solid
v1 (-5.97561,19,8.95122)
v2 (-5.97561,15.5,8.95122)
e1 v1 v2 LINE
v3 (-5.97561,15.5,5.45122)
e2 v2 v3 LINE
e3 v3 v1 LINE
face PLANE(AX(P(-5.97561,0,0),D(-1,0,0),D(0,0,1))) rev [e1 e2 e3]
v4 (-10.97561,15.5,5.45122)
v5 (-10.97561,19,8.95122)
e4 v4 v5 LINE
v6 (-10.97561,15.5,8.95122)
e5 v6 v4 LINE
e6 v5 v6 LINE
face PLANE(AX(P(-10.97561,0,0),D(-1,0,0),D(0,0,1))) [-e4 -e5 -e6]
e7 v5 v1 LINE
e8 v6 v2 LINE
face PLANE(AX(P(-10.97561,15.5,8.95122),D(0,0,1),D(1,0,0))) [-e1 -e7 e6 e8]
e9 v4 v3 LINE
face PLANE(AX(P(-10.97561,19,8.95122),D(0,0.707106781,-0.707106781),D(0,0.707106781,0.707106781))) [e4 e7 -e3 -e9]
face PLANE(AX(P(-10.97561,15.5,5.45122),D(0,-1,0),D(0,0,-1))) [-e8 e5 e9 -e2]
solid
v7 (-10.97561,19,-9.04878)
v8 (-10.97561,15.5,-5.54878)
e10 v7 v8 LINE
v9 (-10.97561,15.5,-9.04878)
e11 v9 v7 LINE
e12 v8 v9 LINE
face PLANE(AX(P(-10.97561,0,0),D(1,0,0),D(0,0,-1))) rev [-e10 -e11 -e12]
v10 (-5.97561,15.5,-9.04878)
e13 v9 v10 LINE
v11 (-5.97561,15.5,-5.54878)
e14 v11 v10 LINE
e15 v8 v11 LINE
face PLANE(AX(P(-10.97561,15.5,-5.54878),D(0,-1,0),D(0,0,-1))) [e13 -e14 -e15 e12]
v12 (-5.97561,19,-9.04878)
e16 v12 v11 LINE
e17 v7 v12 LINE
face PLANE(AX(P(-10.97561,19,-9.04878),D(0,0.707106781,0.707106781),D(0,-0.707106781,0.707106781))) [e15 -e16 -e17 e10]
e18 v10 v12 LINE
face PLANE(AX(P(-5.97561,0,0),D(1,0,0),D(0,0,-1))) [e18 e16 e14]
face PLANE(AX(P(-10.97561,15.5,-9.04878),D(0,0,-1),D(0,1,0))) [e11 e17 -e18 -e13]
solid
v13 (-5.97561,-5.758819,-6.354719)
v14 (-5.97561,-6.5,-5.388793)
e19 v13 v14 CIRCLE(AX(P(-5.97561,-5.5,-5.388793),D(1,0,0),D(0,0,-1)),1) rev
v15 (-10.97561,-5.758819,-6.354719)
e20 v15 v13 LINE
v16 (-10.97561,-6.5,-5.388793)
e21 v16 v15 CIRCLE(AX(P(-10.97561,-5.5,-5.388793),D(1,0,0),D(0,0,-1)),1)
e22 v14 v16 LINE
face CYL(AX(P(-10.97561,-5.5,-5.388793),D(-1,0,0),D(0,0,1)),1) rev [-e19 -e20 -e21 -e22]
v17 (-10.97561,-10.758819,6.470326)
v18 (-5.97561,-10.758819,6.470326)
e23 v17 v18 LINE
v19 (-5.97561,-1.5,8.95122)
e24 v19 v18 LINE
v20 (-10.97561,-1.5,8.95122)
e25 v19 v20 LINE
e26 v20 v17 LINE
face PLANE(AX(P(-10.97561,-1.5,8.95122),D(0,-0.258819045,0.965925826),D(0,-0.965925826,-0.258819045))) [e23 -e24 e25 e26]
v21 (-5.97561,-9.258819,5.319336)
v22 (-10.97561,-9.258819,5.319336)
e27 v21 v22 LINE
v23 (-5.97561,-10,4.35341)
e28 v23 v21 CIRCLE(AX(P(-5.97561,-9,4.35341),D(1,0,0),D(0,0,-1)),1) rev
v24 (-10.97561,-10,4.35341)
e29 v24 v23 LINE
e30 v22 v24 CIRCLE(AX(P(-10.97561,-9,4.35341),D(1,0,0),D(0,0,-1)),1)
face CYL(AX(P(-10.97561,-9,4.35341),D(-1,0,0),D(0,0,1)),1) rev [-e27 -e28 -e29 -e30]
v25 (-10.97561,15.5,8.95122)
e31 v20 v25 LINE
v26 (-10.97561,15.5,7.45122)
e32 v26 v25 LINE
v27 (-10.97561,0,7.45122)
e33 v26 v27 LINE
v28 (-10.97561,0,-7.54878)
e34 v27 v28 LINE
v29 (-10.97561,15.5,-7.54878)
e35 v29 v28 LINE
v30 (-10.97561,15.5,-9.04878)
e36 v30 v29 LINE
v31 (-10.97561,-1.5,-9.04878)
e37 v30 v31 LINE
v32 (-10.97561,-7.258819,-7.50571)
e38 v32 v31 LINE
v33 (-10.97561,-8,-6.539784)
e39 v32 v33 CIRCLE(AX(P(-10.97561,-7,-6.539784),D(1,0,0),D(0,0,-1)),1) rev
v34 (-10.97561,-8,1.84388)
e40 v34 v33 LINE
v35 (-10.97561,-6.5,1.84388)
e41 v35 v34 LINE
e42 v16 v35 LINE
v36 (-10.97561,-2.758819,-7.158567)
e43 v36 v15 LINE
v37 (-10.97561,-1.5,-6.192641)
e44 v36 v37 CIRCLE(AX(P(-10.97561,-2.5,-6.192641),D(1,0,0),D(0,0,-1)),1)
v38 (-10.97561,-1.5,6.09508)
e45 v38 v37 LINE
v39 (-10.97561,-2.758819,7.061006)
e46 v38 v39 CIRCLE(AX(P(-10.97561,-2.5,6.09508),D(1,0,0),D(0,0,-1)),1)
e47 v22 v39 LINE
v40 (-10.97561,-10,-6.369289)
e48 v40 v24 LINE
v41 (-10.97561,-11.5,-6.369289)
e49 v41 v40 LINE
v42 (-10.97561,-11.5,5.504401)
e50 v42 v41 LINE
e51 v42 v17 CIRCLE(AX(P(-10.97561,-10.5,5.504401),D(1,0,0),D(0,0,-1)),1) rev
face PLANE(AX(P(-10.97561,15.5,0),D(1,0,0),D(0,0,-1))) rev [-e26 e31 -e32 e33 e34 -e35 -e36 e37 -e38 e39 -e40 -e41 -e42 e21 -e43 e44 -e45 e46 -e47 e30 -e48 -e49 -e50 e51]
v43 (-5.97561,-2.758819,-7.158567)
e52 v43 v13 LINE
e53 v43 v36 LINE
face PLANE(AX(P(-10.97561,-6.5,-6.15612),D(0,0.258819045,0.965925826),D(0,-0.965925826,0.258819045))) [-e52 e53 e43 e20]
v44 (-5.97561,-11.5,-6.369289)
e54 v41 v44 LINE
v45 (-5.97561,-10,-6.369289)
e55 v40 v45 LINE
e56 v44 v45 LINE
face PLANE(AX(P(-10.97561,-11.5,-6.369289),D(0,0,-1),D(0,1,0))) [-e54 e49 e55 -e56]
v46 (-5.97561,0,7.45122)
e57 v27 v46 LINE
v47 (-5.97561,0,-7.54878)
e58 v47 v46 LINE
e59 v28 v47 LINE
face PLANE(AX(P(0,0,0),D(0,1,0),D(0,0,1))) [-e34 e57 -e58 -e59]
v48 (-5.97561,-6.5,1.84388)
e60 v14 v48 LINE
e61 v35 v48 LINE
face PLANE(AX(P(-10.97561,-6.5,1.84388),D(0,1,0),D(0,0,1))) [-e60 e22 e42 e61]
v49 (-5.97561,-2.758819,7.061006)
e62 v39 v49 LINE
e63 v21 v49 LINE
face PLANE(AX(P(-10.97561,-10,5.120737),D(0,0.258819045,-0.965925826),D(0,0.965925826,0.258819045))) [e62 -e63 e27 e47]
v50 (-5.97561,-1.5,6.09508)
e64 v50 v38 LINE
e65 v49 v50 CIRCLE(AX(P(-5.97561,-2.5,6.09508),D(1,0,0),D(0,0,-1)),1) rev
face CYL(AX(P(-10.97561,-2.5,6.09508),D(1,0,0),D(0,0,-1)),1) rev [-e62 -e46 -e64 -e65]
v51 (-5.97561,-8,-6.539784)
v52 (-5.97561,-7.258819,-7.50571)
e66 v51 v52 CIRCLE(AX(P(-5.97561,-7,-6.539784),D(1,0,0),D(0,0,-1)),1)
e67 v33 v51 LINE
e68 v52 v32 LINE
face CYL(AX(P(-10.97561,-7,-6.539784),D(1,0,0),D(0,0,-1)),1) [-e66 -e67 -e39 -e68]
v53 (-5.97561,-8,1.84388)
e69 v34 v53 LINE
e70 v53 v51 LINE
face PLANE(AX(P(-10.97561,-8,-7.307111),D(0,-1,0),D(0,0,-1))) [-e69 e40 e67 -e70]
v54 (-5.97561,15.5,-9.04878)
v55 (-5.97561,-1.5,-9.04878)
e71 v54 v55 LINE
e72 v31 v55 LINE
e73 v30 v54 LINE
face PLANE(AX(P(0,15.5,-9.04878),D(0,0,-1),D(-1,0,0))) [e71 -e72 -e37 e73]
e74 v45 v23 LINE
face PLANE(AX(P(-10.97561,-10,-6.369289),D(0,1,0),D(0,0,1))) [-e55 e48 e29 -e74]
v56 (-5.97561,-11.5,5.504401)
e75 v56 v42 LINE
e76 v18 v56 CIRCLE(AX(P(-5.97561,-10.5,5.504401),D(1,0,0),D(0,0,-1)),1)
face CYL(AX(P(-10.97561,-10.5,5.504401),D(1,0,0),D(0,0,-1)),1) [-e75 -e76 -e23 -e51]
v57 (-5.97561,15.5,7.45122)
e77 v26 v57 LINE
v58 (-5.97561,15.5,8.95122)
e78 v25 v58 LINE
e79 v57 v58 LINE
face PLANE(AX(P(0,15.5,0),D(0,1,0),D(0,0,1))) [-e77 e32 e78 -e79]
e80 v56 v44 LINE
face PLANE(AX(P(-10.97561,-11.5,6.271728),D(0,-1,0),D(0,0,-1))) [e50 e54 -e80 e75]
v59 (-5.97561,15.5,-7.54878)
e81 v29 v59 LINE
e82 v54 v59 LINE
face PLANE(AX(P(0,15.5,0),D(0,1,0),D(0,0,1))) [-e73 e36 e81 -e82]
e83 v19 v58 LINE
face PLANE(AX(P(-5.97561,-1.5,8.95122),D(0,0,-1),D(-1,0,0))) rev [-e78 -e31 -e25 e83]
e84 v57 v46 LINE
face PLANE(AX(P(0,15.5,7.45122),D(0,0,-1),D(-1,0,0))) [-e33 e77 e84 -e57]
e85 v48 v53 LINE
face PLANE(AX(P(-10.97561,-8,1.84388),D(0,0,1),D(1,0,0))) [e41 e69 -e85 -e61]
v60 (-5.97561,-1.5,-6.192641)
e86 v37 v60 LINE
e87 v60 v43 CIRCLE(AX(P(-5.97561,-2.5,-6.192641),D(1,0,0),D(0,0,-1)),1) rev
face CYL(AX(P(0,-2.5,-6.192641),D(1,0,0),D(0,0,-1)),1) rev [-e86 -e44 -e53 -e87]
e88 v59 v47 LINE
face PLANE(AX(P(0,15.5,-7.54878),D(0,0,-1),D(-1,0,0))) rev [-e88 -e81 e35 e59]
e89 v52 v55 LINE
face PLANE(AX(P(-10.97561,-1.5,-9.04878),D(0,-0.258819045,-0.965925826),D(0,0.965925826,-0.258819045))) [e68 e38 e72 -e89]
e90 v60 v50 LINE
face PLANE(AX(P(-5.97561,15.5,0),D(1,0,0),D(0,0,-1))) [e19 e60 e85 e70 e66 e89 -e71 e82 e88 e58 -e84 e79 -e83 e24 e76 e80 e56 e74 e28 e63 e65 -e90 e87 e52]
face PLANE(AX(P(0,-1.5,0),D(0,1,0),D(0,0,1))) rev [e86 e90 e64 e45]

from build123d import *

# Parameters (mm, degrees)
SKETCH_1_W        = 5
SKETCH_1_H        = 1.5
EXTRUDE_1_DEPTH   = 15.5
EXTRUDE_1_2_DEPTH = 15.5
SKETCH_2_W        = 5
SKETCH_2_H        = 18
EXTRUDE_2_DEPTH   = 1.5
EXTRUDE_3_DEPTH   = 5
EXTRUDE_3_2_DEPTH = 5
EXTRUDE_4_DEPTH   = 5
FILLET_1_R        = 1


with BuildPart() as part:
    # 草图1 → 凸台-拉伸1 (new body)
    with BuildSketch(Plane(origin=(0, 0, 0), x_dir=(1, 0, 0), z_dir=(0, 1, 0))):
        with Locations((-8.475609756, 8.298780488)):
            Rectangle(SKETCH_1_W, SKETCH_1_H)
    extrude(amount=EXTRUDE_1_DEPTH)



with BuildPart() as body_2:
    # 草图1 → Extrude 1 2 (new body)
    with BuildSketch(Plane(origin=(0, 0, 0), x_dir=(1, 0, 0), z_dir=(0, 1, 0))):
        with Locations((-8.475609756, -8.201219512)):
            Rectangle(SKETCH_1_W, SKETCH_1_H)
    extrude(amount=EXTRUDE_1_2_DEPTH)


with BuildPart() as part_1:
    add(part.part)

    add(body_2.part)  # 凸台-拉伸2 merges body 2
    # 草图2 → 凸台-拉伸2 (add)
    with BuildSketch(Plane.XZ):
        with Locations((-8.475609756, -0.048780488)):
            Rectangle(SKETCH_2_W, SKETCH_2_H)
    extrude(amount=EXTRUDE_2_DEPTH)

    # 草图4 → 凸台-拉伸4 (add)
    with BuildSketch(Plane(origin=(-5.975609756, 0, 0), x_dir=(0, 0, -1), z_dir=(1, 0, 0))):
        Polygon((-8.951219512, -1.5), (-6.271727588, -11.5), (6.369288563, -11.5), (6.369288563, -10), (-5.120737106, -10), (-7.398305242, -1.5), align=None)
        Polygon((9.048780488, -1.5), (7.307110737, -8), (-1.843879745, -8), (-1.843879745, -6.5), (6.156120255, -6.5), (7.495866217, -1.5), align=None)
    extrude(amount=-EXTRUDE_4_DEPTH)

    # 圆角1
    fillet_1_edges = [part_1.edges().sort_by_distance(p)[0] for p in [
        (-8.475609756, -1.5, 7.398305242),
        (-8.475609756, -10, 5.120737106),
        (-8.475609756, -11.5, 6.271727588),
        (-8.475609756, -1.5, -7.495866217),
        (-8.475609756, -8, -7.307110737),
        (-8.475609756, -6.5, -6.156120255),
    ]]
    fillet(fillet_1_edges, radius=FILLET_1_R)


with BuildPart() as body_2_2:
    # 草图3 → 凸台-拉伸3 (new body)
    with BuildSketch(Plane(origin=(-5.975609756, 0, 0), x_dir=(0, 0, -1), z_dir=(1, 0, 0))):
        Polygon((9.048780488, 15.5), (9.048780488, 19), (5.548780488, 15.5), align=None)
    extrude(amount=-EXTRUDE_3_DEPTH)


with BuildPart() as body_3:
    # 草图3 → Extrude 3 2 (new body)
    with BuildSketch(Plane(origin=(-5.975609756, 0, 0), x_dir=(0, 0, -1), z_dir=(1, 0, 0))):
        Polygon((-8.951219512, 15.5), (-8.951219512, 19), (-5.451219512, 15.5), align=None)
    extrude(amount=-EXTRUDE_3_2_DEPTH)


solid = Compound([part_1.part, body_2_2.part, body_3.part])
